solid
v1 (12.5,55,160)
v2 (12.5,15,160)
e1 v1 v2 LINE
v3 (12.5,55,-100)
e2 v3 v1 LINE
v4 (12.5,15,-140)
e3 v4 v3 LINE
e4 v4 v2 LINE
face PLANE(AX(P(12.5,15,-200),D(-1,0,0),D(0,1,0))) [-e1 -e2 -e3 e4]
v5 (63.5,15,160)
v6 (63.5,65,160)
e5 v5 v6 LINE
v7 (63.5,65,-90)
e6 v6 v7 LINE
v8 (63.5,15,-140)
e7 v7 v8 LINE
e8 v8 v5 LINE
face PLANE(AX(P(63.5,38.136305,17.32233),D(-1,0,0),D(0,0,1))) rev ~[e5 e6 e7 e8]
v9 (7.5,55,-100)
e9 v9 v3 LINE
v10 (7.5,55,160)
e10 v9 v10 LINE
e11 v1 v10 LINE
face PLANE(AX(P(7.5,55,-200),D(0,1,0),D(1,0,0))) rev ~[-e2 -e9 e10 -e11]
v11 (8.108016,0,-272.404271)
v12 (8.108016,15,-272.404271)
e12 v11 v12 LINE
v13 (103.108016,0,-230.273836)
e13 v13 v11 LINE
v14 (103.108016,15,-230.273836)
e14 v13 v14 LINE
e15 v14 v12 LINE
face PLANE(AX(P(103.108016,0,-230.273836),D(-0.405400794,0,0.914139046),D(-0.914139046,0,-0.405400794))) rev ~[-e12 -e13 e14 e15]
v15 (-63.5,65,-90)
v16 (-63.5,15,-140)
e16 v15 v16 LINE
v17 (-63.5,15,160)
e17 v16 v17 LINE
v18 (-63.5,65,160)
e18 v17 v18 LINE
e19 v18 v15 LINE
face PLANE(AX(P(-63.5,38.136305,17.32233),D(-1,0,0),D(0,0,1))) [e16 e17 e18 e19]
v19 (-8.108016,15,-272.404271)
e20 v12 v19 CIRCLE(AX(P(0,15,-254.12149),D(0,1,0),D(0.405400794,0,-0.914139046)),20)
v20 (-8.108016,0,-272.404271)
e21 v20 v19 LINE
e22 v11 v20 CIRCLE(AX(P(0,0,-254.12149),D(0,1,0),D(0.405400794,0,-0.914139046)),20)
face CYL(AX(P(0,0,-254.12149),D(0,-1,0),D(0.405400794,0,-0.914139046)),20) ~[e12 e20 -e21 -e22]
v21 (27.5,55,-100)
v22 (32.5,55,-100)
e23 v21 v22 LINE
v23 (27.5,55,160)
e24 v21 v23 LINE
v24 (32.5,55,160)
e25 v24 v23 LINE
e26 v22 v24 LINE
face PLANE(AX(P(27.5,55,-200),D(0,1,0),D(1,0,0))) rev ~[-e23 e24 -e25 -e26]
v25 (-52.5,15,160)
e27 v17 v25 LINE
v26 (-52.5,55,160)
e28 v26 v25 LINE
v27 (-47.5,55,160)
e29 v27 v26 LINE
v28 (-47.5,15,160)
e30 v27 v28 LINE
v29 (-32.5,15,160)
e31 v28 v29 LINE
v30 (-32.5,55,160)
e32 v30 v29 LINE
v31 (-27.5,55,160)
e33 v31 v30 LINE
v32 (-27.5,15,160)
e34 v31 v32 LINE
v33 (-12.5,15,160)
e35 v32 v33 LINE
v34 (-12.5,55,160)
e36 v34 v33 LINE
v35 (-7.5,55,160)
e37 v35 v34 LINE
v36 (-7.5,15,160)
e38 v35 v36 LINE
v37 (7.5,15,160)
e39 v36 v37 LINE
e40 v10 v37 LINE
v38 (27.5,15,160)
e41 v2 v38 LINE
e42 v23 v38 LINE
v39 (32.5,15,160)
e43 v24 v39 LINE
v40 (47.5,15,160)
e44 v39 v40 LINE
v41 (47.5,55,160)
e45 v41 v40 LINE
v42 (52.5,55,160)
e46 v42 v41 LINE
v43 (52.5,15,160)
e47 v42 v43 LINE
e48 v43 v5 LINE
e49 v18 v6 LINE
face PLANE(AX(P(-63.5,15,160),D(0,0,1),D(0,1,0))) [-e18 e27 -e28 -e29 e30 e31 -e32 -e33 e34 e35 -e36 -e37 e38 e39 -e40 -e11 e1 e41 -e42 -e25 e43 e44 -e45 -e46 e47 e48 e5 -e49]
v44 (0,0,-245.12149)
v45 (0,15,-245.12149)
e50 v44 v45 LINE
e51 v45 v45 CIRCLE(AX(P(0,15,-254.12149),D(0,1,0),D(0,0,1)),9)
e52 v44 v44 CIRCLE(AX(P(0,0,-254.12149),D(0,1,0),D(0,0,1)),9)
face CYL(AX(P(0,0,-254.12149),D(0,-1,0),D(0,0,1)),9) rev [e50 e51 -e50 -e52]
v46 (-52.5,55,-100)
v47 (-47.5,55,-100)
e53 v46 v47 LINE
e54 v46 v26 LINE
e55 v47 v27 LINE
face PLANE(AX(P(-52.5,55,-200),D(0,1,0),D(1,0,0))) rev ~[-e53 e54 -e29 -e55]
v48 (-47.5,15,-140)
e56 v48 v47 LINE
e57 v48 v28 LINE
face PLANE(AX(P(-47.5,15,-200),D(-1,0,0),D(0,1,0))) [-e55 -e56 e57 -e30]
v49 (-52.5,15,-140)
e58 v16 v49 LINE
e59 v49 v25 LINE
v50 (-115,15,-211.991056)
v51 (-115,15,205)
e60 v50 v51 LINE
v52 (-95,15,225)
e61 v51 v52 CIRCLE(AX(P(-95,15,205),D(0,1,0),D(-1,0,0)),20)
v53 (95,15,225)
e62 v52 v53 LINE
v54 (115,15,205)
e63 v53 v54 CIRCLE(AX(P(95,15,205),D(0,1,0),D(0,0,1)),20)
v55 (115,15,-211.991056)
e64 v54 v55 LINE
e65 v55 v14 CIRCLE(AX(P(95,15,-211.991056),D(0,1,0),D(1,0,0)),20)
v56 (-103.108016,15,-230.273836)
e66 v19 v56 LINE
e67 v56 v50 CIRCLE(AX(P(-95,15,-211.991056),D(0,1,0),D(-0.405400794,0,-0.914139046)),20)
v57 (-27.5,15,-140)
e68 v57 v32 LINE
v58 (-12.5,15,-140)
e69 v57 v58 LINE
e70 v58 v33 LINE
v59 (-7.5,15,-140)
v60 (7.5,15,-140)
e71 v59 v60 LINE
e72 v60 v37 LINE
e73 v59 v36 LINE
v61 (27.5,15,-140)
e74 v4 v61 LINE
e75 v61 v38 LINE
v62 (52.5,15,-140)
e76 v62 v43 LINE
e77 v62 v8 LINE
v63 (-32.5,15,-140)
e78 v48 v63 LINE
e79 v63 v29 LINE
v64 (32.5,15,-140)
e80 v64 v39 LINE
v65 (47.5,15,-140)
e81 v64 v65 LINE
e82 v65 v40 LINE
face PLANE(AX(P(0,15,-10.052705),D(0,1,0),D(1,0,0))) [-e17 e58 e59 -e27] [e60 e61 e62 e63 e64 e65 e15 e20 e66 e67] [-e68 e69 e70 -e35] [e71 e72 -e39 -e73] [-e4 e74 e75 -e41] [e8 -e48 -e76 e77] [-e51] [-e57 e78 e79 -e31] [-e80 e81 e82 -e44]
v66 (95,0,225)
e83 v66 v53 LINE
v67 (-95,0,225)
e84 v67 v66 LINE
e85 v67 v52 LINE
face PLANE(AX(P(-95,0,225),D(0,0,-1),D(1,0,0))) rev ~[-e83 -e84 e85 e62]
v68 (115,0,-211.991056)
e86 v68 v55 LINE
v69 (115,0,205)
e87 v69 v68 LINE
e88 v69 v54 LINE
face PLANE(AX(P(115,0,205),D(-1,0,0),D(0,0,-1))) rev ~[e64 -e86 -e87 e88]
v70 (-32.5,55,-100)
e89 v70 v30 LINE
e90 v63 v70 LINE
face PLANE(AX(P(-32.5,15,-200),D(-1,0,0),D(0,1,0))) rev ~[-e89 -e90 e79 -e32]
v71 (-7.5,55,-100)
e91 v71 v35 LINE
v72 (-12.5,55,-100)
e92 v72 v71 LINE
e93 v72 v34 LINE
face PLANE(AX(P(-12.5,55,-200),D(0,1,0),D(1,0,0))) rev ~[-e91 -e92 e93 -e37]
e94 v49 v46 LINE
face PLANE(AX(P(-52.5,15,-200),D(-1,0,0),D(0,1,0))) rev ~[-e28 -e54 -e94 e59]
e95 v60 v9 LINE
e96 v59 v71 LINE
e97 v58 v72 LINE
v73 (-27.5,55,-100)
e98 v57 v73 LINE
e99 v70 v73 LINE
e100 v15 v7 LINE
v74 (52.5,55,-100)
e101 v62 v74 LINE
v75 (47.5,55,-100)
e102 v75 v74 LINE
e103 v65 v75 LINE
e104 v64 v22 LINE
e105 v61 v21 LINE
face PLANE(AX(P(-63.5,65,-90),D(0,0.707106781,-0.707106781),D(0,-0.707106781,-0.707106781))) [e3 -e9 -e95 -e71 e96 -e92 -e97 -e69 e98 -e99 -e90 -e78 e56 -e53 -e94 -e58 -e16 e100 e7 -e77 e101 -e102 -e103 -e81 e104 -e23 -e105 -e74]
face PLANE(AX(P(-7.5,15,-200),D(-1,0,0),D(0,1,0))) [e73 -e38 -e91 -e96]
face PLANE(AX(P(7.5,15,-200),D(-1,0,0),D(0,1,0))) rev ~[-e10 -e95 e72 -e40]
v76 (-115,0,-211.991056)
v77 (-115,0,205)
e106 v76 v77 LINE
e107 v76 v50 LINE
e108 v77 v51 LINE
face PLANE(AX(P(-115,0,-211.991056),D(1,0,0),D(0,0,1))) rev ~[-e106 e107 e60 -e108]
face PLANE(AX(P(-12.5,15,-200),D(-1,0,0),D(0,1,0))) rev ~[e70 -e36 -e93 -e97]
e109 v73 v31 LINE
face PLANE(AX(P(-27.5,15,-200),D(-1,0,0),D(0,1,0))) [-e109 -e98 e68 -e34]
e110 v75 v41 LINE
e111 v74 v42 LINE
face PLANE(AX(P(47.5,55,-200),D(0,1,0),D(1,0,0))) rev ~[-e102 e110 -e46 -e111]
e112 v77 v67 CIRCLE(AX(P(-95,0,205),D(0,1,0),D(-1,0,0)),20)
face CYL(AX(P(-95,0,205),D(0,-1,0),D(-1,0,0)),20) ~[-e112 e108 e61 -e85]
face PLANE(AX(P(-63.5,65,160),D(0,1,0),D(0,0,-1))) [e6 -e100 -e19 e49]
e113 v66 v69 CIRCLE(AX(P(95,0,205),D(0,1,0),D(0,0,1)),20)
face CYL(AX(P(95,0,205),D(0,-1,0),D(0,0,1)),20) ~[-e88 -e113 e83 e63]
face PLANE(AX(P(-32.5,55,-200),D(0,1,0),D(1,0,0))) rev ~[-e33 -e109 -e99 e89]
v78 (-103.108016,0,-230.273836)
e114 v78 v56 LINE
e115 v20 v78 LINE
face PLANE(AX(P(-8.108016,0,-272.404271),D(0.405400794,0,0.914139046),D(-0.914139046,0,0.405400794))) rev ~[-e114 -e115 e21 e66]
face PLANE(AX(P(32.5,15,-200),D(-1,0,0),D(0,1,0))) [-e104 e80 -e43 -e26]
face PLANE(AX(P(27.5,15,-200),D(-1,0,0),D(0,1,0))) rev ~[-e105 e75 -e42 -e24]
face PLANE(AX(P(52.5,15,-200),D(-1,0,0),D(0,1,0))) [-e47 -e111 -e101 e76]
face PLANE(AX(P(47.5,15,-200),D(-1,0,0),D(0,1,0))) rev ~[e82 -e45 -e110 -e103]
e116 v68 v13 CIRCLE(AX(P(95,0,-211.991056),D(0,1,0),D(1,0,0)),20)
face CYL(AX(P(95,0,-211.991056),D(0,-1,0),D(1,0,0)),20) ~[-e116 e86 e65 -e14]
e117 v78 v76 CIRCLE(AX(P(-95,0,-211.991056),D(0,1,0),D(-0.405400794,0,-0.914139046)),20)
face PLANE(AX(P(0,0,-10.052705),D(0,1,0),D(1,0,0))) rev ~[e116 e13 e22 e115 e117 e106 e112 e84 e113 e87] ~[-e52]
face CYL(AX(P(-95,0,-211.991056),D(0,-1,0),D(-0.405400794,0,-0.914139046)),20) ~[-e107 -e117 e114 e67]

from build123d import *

# Parameters (mm, degrees)
SKETCH1_R                = 9
BOSS_EXTRUDE1_DEPTH      = 15
BOSS_EXTRUDE2_DEPTH      = 63.5
BOSS_EXTRUDE2_DEPTH_BACK = 63.5
CUT_EXTRUDE1_DEPTH       = 200
CUT_EXTRUDE1_DEPTH_BACK  = 200
SKETCH4_W                = 5
SKETCH4_H                = 40


with BuildPart() as part:
    # Sketch1 → Boss-Extrude1 (new body)
    with BuildSketch(Plane(origin=(0, 0, 0), x_dir=(1, 0, 0), z_dir=(0, 1, 0))):
        with BuildLine():
            Line((-115, 211.991055507), (-115, -205))
            ThreePointArc((-115, -205), (-109.142135624, -219.142135624), (-95, -225))
            Line((-95, -225), (95, -225))
            ThreePointArc((95, -225), (109.142135624, -219.142135624), (115, -205))
            Line((115, -205), (115, 211.991055507))
            ThreePointArc((115, 211.991055507), (111.765445383, 222.896092926), (103.108015888, 230.273836432))
            Line((103.108015888, 230.273836432), (8.108015888, 272.404271215))
            ThreePointArc((8.108015888, 272.404271215), (0, 274.12149029), (-8.108015888, 272.404271215))
            Line((-8.108015888, 272.404271215), (-103.108015888, 230.273836432))
            ThreePointArc((-103.108015888, 230.273836432), (-111.765445383, 222.896092926), (-115, 211.991055507))
        make_face()
        with Locations(Location((0, 254.12149029, 0), (0, 0, 270))):
            Circle(SKETCH1_R, mode=Mode.SUBTRACT)
    extrude(amount=BOSS_EXTRUDE1_DEPTH)

    # Sketch2 → Boss-Extrude2 (add, two sides: drawn at the far end of the back side and taken through both)
    with BuildSketch(Plane(origin=(0, 0, 0), x_dir=(0, 0, -1), z_dir=(1, 0, 0)).offset(-BOSS_EXTRUDE2_DEPTH_BACK)):
        Polygon((-160, 15), (-160, 65), (90, 65), (140, 15), align=None)
    extrude(amount=BOSS_EXTRUDE2_DEPTH + BOSS_EXTRUDE2_DEPTH_BACK)

    # Sketch4 → Cut-Extrude1 (cut, two sides: drawn at the far end of the back side and taken through both)
    with BuildSketch(Plane.XY.offset(-CUT_EXTRUDE1_DEPTH_BACK)):
        with Locations((-50, 35)):
            Rectangle(SKETCH4_W, SKETCH4_H)
        with Locations((50, 35)):
            Rectangle(SKETCH4_W, SKETCH4_H)
        with Locations((30, 35)):
            Rectangle(SKETCH4_W, SKETCH4_H)
        with Locations((10, 35)):
            Rectangle(SKETCH4_W, SKETCH4_H)
        with Locations((-10, 35)):
            Rectangle(SKETCH4_W, SKETCH4_H)
        with Locations((-30, 35)):
            Rectangle(SKETCH4_W, SKETCH4_H)
    extrude(amount=CUT_EXTRUDE1_DEPTH + CUT_EXTRUDE1_DEPTH_BACK, mode=Mode.SUBTRACT)


solid = part.part
